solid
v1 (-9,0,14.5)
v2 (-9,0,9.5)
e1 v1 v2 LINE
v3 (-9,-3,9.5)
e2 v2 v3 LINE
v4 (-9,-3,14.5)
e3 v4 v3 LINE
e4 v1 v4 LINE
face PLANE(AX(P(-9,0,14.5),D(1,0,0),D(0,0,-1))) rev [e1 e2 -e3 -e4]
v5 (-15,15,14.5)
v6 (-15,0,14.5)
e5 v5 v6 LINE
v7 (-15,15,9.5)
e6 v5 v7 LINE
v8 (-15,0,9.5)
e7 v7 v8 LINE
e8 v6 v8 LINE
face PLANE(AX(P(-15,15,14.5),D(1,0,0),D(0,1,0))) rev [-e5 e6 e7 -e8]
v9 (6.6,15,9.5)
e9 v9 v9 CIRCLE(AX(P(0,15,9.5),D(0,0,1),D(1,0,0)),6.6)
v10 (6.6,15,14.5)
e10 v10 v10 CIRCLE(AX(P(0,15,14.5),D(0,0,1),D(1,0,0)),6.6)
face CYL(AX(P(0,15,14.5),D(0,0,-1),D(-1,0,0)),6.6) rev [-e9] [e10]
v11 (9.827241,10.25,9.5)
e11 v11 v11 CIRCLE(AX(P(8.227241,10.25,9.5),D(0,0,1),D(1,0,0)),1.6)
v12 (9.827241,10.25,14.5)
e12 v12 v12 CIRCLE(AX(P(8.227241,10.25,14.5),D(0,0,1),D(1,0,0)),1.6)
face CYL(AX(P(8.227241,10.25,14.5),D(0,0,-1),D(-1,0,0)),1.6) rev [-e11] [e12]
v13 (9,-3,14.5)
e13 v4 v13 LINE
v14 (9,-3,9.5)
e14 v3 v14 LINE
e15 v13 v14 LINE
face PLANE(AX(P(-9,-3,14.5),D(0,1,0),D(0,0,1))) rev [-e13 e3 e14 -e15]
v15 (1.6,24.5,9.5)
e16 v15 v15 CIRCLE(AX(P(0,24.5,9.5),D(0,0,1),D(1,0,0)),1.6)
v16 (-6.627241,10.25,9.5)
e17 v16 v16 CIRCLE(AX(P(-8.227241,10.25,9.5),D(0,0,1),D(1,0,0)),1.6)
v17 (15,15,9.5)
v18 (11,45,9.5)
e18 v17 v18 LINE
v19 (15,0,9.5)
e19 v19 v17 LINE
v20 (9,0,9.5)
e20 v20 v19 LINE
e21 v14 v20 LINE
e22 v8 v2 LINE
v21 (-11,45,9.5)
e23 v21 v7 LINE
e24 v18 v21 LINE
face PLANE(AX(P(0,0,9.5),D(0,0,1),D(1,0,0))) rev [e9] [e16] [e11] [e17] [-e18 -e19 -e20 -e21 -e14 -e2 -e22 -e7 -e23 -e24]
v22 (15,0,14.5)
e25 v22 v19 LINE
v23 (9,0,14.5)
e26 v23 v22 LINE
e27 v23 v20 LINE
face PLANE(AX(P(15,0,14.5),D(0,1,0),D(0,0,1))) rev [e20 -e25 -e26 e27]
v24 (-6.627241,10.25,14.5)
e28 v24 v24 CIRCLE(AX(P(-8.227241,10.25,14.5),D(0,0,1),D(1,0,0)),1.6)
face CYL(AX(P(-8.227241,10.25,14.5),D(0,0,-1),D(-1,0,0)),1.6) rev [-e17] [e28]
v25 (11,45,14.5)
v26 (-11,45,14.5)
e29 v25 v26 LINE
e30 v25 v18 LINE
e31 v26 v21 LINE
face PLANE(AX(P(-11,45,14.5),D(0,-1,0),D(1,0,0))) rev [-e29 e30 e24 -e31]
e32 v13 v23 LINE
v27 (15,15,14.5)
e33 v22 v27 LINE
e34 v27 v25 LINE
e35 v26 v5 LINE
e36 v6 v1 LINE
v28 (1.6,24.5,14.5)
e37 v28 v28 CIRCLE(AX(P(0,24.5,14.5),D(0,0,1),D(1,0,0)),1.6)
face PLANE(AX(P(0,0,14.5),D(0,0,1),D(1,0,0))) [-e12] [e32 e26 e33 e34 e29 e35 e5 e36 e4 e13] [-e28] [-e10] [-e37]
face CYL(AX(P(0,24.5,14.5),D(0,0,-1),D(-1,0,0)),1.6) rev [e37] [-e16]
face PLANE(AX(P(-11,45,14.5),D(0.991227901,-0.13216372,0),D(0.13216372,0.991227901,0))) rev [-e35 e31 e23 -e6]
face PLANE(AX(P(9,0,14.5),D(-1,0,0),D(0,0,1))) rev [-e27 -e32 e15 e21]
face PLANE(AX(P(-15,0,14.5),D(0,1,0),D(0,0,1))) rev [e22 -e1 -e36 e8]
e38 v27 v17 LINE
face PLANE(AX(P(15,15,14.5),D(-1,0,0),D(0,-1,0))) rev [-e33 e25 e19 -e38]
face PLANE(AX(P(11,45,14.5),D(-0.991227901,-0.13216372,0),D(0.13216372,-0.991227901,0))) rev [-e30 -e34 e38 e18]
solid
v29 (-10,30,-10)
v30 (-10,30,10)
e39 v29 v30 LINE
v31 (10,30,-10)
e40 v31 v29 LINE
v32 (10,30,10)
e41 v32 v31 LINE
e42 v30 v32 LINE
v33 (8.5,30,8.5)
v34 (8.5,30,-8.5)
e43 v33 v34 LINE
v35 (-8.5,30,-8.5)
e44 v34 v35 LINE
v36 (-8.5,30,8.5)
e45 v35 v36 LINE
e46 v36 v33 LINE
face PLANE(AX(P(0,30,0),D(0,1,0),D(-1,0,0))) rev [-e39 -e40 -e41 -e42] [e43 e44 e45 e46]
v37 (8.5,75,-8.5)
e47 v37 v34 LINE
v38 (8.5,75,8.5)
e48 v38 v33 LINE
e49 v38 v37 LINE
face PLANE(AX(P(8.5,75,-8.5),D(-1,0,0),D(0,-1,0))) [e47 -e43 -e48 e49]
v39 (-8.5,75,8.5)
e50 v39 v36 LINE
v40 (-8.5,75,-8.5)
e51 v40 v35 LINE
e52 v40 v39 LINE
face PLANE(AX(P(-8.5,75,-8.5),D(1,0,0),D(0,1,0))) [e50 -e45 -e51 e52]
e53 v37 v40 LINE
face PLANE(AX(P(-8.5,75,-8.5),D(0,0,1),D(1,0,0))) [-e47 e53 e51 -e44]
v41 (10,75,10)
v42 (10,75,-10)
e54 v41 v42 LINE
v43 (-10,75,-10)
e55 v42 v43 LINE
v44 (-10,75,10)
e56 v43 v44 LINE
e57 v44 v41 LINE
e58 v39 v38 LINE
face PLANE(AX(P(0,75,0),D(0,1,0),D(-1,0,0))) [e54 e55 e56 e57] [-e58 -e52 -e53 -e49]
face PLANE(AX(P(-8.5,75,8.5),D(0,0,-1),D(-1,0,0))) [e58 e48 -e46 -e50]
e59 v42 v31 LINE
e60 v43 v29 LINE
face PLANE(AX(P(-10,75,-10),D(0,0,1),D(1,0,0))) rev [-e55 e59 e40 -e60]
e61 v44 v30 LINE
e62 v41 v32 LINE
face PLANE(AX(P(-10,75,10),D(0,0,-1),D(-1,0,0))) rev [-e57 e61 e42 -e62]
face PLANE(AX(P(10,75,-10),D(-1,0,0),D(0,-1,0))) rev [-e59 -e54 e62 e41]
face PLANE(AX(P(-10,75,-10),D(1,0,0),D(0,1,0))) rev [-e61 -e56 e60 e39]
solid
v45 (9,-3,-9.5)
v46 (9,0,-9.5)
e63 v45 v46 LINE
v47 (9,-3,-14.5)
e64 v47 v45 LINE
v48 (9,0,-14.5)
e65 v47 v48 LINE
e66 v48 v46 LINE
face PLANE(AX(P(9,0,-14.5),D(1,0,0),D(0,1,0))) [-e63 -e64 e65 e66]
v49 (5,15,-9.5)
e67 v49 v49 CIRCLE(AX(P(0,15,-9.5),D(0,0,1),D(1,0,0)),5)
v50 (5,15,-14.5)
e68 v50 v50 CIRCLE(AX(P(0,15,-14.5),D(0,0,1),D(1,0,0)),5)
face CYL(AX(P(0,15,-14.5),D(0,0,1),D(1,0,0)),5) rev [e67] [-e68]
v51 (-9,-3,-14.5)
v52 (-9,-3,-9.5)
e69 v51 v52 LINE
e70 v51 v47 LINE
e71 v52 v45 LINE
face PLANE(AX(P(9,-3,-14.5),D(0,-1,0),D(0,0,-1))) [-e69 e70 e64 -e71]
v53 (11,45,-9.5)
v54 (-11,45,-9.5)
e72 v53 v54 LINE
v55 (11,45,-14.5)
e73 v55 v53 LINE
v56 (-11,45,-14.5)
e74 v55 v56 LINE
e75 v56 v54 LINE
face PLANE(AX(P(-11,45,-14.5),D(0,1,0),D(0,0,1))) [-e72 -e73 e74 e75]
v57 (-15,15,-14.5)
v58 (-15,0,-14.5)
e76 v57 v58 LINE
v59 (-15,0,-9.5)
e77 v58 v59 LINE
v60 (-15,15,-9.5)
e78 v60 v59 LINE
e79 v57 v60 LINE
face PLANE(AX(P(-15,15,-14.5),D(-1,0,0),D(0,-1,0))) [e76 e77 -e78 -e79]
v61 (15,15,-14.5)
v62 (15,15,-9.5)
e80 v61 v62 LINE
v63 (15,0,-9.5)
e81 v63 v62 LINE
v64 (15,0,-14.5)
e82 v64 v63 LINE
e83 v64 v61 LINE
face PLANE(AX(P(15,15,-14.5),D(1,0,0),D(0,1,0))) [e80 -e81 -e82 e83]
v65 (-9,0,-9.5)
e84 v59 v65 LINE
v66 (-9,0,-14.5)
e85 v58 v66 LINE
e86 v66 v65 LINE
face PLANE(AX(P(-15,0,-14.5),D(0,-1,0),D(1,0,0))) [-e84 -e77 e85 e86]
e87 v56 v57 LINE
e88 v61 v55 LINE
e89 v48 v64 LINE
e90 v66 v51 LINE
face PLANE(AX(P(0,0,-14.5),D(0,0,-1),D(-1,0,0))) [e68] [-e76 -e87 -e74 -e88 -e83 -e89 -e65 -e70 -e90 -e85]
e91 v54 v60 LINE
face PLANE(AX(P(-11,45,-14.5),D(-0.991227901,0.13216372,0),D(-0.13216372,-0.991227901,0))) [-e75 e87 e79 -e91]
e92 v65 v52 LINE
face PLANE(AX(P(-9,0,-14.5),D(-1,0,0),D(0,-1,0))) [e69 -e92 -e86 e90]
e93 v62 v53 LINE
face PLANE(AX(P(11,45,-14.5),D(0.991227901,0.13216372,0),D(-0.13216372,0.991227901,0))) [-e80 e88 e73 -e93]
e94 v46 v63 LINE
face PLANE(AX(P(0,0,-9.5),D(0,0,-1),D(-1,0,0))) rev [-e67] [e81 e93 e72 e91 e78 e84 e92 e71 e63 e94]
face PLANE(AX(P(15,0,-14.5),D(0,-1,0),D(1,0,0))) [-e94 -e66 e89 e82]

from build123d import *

# Parameters (mm, degrees)
SKETCH_4_R           = 6.6
SKETCH_4_R_2         = 1.6
EXTRUDE_1_DEPTH      = 5
SKETCH_7_R           = 5
EXTRUDE_2_DEPTH      = 5
EXTRUDE_3_DEPTH      = 30
EXTRUDE_3_DEPTH_BACK = 15
SKETCH_8_W           = 20
SKETCH_8_H           = 20
SKETCH_8_W_2         = 17
SKETCH_8_H_2         = 17


with BuildPart() as part:
    # ｽｹｯﾁ4 → ﾎﾞｽ - 押し出し1 (new body)
    with BuildSketch(Plane.XY.offset(9.5)):
        Polygon((-15, 0), (-9, 0), (-9, -3), (9, -3), (9, 0), (15, 0), (15, 15), (11, 45), (-11, 45), (-15, 15), align=None)
        with Locations((0, 15)):
            Circle(SKETCH_4_R, mode=Mode.SUBTRACT)
        with Locations((0, 24.5)):
            Circle(SKETCH_4_R_2, mode=Mode.SUBTRACT)
        with Locations((8.227241336, 10.25)):
            Circle(SKETCH_4_R_2, mode=Mode.SUBTRACT)
        with Locations((-8.227241336, 10.25)):
            Circle(SKETCH_4_R_2, mode=Mode.SUBTRACT)
    extrude(amount=EXTRUDE_1_DEPTH)


with BuildPart() as body_2:
    # ｽｹｯﾁ7 → ﾎﾞｽ - 押し出し2 (new body)
    with BuildSketch(Plane.XY.offset(-9.5)):
        Polygon((15, 0), (9, 0), (9, -3), (-9, -3), (-9, 0), (-15, 0), (-15, 15), (-11, 45), (11, 45), (15, 15), align=None)
        with Locations((0, 15)):
            Circle(SKETCH_7_R, mode=Mode.SUBTRACT)
    extrude(amount=-EXTRUDE_2_DEPTH)


with BuildPart() as body_3:
    # ｽｹｯﾁ8 → ﾎﾞｽ - 押し出し3 (new, two sides: drawn at the far end of the back side and taken through both)
    with BuildSketch(Plane(origin=(0, 45, 0), x_dir=(1, 0, 0), z_dir=(0, 1, 0)).offset(-EXTRUDE_3_DEPTH_BACK)):
        Rectangle(SKETCH_8_W, SKETCH_8_H)
        Rectangle(SKETCH_8_W_2, SKETCH_8_H_2, mode=Mode.SUBTRACT)
    extrude(amount=EXTRUDE_3_DEPTH + EXTRUDE_3_DEPTH_BACK)


solid = Compound([part.part, body_2.part, body_3.part])
